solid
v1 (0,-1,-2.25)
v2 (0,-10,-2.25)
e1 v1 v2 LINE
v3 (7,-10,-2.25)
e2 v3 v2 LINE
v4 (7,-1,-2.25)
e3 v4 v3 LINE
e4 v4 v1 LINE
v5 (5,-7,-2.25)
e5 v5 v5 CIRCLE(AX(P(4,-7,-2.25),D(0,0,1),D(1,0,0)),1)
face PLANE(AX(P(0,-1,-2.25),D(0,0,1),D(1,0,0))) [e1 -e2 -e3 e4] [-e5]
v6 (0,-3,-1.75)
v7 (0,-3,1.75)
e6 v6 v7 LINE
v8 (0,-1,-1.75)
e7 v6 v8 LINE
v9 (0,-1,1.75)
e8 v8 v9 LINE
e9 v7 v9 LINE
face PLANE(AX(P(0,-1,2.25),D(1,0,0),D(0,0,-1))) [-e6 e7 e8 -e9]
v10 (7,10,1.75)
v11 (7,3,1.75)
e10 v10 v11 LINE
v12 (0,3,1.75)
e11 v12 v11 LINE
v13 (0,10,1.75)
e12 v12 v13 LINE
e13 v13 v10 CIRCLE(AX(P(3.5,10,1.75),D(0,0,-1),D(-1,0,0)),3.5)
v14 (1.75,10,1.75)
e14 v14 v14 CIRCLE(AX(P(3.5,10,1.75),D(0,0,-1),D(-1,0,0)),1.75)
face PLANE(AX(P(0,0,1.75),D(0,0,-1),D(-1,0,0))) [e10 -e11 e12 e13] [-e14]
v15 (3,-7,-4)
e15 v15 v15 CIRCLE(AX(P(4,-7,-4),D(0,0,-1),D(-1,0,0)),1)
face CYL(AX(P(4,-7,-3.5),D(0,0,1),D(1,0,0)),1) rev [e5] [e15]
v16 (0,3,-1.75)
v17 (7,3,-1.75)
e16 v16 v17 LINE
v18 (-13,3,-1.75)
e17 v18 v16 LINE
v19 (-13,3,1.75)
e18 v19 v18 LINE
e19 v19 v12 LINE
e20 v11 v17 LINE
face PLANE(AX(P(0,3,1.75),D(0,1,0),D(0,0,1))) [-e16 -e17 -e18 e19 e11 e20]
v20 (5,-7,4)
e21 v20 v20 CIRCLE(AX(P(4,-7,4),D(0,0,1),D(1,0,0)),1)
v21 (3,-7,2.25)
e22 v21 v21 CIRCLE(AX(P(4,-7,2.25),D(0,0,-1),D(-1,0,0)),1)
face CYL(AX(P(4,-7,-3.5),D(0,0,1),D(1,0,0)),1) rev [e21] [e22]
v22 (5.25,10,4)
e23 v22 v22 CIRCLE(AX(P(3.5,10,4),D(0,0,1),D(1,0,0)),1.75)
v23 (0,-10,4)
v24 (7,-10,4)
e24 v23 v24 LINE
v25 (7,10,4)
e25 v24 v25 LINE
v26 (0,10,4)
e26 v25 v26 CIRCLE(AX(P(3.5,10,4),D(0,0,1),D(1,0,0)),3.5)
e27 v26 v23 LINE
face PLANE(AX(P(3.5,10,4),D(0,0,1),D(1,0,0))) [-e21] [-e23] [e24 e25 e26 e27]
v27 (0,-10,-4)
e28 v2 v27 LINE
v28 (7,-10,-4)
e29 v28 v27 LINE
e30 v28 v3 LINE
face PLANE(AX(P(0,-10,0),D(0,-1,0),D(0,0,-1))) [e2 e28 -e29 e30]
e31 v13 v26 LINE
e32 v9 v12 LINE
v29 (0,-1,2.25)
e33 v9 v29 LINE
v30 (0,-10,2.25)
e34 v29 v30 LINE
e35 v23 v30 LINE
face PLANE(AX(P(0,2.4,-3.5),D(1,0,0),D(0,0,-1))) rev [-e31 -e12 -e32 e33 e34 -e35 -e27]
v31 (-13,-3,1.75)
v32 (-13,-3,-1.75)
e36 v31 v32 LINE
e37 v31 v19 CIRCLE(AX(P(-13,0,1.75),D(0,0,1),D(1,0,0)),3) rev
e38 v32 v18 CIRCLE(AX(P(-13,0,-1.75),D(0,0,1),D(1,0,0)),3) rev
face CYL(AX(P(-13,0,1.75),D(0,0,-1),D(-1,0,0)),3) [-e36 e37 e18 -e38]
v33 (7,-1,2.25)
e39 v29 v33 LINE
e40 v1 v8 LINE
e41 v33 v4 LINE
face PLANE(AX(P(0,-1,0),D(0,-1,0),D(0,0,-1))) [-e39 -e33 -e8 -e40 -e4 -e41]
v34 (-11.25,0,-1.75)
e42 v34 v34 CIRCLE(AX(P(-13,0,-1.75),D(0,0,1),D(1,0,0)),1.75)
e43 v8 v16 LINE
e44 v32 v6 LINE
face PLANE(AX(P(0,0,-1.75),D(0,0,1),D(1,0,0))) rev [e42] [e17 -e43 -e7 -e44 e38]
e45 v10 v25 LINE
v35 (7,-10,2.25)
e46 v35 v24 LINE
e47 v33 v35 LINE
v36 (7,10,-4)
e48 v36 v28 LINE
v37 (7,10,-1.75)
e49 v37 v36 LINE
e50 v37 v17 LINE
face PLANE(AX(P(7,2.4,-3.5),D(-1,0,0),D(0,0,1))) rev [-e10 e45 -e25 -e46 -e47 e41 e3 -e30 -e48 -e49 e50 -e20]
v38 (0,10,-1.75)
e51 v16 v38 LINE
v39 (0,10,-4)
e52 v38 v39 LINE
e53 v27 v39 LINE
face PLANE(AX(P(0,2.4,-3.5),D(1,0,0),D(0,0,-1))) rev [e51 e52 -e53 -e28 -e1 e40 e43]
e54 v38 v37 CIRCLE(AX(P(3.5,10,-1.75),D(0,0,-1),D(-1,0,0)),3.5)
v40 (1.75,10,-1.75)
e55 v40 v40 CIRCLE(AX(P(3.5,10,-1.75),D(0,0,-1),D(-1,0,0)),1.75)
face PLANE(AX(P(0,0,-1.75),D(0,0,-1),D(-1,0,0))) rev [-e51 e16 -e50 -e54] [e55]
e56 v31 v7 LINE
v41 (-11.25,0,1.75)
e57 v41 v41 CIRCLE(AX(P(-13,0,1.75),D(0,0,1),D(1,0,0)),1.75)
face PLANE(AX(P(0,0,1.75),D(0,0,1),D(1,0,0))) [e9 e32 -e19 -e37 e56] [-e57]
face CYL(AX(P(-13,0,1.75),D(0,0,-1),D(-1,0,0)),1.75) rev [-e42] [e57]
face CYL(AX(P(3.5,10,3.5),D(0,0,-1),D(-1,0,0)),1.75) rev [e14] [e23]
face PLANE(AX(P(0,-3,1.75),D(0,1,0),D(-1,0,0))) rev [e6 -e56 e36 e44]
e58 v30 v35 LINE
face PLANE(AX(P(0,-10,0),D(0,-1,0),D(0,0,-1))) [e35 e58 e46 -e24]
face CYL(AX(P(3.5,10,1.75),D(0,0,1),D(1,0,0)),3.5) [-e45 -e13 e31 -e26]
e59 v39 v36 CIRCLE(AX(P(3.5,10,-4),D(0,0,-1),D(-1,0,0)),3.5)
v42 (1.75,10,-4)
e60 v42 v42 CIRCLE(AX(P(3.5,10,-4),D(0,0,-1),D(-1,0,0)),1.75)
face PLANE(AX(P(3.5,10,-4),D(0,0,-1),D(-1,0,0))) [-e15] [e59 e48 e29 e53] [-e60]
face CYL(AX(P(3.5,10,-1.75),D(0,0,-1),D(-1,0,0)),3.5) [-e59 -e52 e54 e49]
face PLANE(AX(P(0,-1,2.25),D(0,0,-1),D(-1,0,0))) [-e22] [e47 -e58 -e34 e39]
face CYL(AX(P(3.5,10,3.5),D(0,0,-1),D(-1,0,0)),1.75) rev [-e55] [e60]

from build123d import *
from build123d.topology import SkipClean

# Parameters (mm, degrees)
SKETCH_1_W          = 7
SKETCH_1_H          = 7
EXTRUDE_1_DEPTH     = 2.4
EXTRUDE_6_DEPTH     = 1.75
EXTRUDE_START       = -5.25
EXTRUDE_8_DEPTH     = 1.75
SKETCH_11_R         = 1.75
CUT_EXTRUDE_1_DEPTH = 17.740669043
SKETCH_17_W         = 7
SKETCH_17_H         = 7
EXTRUDE_10_DEPTH    = 10
SKETCH_15_R         = 1.75
EXTRUDE_9_DEPTH     = 1.75
SKETCH_12_R         = 1
CUT_EXTRUDE_2_DEPTH = 23.383029286
SKETCH_18_W         = 7
SKETCH_18_H         = 4.5
CUT_EXTRUDE_4_DEPTH = 9
SKETCH_19_R         = 1
SKETCH_19_R_2       = 1.75
EXTRUDE_11_DEPTH    = 0.5
EXTRUDE_START_2     = 0.5
SKETCH_20_R         = 1
SKETCH_20_R_2       = 1.75
EXTRUDE_12_DEPTH    = 0.5


with BuildPart() as part:
    # 草图1 → 凸台-拉伸1 (new body)
    with BuildSketch(Plane(origin=(0, 0, 0), x_dir=(1, 0, 0), z_dir=(0, 1, 0))):
        with Locations((3.5, 0)):
            Rectangle(SKETCH_1_W, SKETCH_1_H)
    extrude(amount=EXTRUDE_1_DEPTH)

    # 草图10 → 凸台-拉伸6 (add)
    with BuildSketch(Plane(origin=(0, 0, -3.5), x_dir=(-1, 0, 0), z_dir=(0, 0, -1))):
        with BuildLine():
            Line((-7, 10), (-7, 2.4))
            Line((-7, 2.4), (0, 2.4))
            Line((0, 2.4), (0, 10))
            ThreePointArc((0, 10), (-3.5, 13.5), (-7, 10))
        make_face()
    extrude(amount=-EXTRUDE_6_DEPTH)

    # 草图10<2> → 凸台-拉伸8 (add)
    with BuildSketch(Plane(origin=(0, 0, -3.5), x_dir=(-1, 0, 0), z_dir=(0, 0, -1)).offset(EXTRUDE_START)):
        with BuildLine():
            Line((-7, 10), (-7, 2.4))
            Line((-7, 2.4), (0, 2.4))
            Line((0, 2.4), (0, 10))
            ThreePointArc((0, 10), (-3.5, 13.5), (-7, 10))
        make_face()
    extrude(amount=-EXTRUDE_8_DEPTH)

    # 草图11 → 切除-拉伸1 (cut, through all)
    with BuildSketch(Plane(origin=(0, 0, -3.5), x_dir=(-1, 0, 0), z_dir=(0, 0, -1))):
        with Locations((-3.5, 10)):
            Circle(SKETCH_11_R)
    extrude(amount=-CUT_EXTRUDE_1_DEPTH, mode=Mode.SUBTRACT)

    # 草图17 → 凸台-拉伸10 (add)
    with BuildSketch(Plane.XZ):
        with Locations((3.5, 0)):
            Rectangle(SKETCH_17_W, SKETCH_17_H)
    extrude(amount=EXTRUDE_10_DEPTH)

    # 草图15 → 凸台-拉伸9 (add, symmetric)
    with BuildSketch(Plane.XY):
        with BuildLine():
            Line((7, 2.4), (7, 3))
            Line((7, 3), (-13, 3))
            ThreePointArc((-13, 3), (-16, 0), (-13, -3))
            Line((-13, -3), (7, -3))
            Line((7, -3), (7, 2.4))
        make_face()
        with Locations((-13, 0)):
            Circle(SKETCH_15_R, mode=Mode.SUBTRACT)
    extrude(amount=EXTRUDE_9_DEPTH, both=True)

    # 草图12 → 切除-拉伸2 (cut, through all)
    with BuildSketch(Plane(origin=(0, 4, 3.5), x_dir=(1, 0, 0), z_dir=(0, 0, -1))):
        with Locations((4, 11)):
            Circle(SKETCH_12_R)
    extrude(amount=CUT_EXTRUDE_2_DEPTH, mode=Mode.SUBTRACT)

    # 草图18 → 切除-拉伸4 (cut)
    with BuildSketch(Plane(origin=(7.4, -10, 0), x_dir=(1, 0, 0), z_dir=(0, 1, 0))):
        with Locations((-3.9, 0)):
            Rectangle(SKETCH_18_W, SKETCH_18_H)
    extrude(amount=CUT_EXTRUDE_4_DEPTH, mode=Mode.SUBTRACT)

    # 草图19 → 凸台-拉伸11 (add)
    with SkipClean():  # the faces are left unmerged after this step: merging them gives an invalid solid
        with BuildSketch(Plane.XY.offset(3.5)):
            with BuildLine():
                Line((0, 10), (0, -10))
                Line((0, -10), (7, -10))
                Line((7, -10), (7, 10))
                ThreePointArc((7, 10), (3.5, 13.5), (0, 10))
            make_face()
            with Locations((4, -7)):
                Circle(SKETCH_19_R, mode=Mode.SUBTRACT)
            with Locations((3.5, 10)):
                Circle(SKETCH_19_R_2, mode=Mode.SUBTRACT)
        extrude(amount=EXTRUDE_11_DEPTH)

    # 草图20 → 凸台-拉伸12 (add)
    with SkipClean():  # the faces are left unmerged after this step: merging them gives an invalid solid
        with BuildSketch(Plane(origin=(0, 0, -3.5), x_dir=(-1, 0, 0), z_dir=(0, 0, -1)).offset(EXTRUDE_START_2)):
            with BuildLine():
                Line((-7, 10), (-7, -10))
                Line((-7, -10), (0, -10))
                Line((0, -10), (0, 10))
                ThreePointArc((0, 10), (-3.5, 13.5), (-7, 10))
            make_face()
            with Locations((-4, -7)):
                Circle(SKETCH_20_R, mode=Mode.SUBTRACT)
            with Locations((-3.5, 10)):
                Circle(SKETCH_20_R_2, mode=Mode.SUBTRACT)
        extrude(amount=-EXTRUDE_12_DEPTH)


solid = part.part
